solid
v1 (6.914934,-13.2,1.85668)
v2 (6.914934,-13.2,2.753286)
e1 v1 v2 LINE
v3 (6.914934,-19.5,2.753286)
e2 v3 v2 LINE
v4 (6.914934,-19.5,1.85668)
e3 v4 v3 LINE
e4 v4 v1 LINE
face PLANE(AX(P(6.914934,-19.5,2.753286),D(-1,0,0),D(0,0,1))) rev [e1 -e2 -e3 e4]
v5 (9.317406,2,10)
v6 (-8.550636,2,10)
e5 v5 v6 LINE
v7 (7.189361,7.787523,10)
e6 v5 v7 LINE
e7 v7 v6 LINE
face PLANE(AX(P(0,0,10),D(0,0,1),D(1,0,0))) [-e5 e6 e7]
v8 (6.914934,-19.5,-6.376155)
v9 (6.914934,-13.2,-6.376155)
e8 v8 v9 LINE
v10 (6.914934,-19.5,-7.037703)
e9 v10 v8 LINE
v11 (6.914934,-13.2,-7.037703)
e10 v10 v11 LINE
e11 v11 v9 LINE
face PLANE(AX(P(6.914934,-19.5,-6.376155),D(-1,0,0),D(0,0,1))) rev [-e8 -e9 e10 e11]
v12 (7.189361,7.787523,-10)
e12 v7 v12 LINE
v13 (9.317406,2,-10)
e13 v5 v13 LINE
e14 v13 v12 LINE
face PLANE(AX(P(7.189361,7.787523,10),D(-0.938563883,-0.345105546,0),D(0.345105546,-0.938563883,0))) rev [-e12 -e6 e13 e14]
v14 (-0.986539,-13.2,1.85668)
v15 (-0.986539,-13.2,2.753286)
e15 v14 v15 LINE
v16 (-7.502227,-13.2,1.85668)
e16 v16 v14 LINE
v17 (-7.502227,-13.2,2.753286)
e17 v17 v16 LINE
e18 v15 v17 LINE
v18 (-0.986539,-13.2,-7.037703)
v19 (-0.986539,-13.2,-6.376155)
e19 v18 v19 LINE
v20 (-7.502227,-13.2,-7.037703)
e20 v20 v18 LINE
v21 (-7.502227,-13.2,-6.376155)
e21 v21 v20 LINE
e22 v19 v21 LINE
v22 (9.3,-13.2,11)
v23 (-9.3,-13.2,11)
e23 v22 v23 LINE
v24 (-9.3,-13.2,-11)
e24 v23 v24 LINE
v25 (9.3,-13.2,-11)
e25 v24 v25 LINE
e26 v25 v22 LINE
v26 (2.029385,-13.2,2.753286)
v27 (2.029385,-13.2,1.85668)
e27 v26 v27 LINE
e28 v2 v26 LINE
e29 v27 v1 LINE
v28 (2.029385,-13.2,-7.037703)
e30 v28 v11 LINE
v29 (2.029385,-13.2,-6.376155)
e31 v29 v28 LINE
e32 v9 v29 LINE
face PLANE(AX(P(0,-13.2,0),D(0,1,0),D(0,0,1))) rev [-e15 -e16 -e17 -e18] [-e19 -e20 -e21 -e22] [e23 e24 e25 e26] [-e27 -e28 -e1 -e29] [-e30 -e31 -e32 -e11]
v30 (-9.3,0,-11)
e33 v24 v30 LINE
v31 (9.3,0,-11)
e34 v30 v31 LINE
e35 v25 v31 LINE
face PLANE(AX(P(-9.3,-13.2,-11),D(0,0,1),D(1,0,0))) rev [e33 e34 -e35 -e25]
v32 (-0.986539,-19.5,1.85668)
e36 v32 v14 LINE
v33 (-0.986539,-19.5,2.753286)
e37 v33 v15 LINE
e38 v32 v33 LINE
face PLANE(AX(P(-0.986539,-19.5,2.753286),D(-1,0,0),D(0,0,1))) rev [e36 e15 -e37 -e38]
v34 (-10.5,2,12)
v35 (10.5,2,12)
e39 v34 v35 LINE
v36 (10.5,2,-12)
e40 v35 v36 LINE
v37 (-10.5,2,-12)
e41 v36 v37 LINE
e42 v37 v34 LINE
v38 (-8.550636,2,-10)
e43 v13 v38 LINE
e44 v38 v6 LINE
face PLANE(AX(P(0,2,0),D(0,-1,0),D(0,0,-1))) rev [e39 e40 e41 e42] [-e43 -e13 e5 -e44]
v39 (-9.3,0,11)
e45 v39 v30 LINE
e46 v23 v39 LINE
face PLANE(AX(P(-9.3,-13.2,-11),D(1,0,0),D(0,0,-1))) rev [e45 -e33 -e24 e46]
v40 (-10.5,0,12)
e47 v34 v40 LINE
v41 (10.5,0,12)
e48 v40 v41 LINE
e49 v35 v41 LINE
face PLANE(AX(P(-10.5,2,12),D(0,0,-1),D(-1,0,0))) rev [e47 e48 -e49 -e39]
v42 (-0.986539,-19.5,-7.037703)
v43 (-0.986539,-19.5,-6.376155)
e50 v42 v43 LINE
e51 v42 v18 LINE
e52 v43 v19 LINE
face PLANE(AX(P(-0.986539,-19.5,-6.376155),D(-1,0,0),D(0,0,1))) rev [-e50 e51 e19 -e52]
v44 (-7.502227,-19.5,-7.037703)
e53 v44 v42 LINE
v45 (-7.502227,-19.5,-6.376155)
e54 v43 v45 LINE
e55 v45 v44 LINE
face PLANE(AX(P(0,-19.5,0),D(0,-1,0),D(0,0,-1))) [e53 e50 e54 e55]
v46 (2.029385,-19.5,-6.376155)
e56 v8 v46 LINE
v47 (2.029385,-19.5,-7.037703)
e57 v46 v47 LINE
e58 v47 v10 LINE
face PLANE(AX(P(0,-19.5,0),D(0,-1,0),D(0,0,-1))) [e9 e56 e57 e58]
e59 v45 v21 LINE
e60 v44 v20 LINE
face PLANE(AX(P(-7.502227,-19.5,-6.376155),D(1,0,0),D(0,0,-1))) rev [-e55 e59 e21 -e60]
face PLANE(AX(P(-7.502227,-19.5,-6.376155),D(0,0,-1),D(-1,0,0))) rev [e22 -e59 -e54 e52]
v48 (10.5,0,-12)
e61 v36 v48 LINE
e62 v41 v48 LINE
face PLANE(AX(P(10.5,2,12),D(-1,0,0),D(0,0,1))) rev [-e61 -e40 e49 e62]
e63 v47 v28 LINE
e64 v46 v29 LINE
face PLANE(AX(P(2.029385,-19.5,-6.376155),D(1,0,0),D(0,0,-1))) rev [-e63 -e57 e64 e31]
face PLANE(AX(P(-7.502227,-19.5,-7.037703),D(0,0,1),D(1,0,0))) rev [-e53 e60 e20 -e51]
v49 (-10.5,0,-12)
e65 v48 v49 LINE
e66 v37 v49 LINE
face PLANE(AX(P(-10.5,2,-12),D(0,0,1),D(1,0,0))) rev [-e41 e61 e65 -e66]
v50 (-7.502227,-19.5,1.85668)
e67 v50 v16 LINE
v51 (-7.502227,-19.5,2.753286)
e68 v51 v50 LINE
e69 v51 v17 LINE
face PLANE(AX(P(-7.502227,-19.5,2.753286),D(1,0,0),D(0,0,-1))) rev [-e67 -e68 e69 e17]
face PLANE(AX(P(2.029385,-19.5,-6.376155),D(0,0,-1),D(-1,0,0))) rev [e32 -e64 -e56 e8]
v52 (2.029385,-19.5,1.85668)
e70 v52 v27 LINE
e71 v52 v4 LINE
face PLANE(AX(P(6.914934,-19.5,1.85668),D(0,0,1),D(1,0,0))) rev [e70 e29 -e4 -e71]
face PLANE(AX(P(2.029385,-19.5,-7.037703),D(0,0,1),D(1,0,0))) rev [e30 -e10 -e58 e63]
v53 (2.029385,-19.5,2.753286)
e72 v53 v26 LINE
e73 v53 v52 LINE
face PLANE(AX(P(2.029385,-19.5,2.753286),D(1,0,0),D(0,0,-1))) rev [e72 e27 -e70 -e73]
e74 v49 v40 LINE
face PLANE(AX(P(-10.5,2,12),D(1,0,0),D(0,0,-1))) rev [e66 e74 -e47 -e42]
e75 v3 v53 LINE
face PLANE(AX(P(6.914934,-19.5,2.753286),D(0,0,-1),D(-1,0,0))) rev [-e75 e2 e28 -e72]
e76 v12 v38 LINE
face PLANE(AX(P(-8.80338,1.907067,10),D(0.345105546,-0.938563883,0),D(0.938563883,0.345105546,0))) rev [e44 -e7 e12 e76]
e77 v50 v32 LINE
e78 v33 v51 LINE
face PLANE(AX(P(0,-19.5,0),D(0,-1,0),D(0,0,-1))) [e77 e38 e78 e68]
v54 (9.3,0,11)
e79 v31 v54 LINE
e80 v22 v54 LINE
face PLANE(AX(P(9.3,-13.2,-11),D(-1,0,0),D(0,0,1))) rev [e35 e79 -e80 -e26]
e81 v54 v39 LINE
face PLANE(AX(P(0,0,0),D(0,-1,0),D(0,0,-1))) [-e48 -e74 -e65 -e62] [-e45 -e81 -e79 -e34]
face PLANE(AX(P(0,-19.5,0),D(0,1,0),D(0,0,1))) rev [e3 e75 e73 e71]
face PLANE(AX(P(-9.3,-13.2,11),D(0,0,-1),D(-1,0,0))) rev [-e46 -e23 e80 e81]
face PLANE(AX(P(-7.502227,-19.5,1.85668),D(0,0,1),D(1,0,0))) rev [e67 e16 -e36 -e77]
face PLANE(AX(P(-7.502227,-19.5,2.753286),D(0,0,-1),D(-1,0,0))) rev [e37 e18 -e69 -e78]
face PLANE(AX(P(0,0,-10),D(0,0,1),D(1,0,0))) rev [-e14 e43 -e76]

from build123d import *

# Parameters (mm, degrees)
SKETCH1_W           = 21
SKETCH1_H           = 24
BOSS_EXTRUDE1_DEPTH = 2
SKETCH2_W           = 18.6
SKETCH2_H           = 22
BOSS_EXTRUDE2_DEPTH = 13.2
SKETCH3_W           = 4.885548906
SKETCH3_H           = 0.896605201
SKETCH3_H_2         = 0.661547926
SKETCH3_W_2         = 6.515688333
BOSS_EXTRUDE3_DEPTH = 6.3
BOSS_EXTRUDE4_DEPTH = 10


with BuildPart() as part:
    # Sketch1 → Boss-Extrude1 (new body)
    with BuildSketch(Plane(origin=(0, 0, 0), x_dir=(1, 0, 0), z_dir=(0, 1, 0))):
        Rectangle(SKETCH1_W, SKETCH1_H)
    extrude(amount=BOSS_EXTRUDE1_DEPTH)

    # Sketch2 → Boss-Extrude2 (add)
    with BuildSketch(Plane.XZ):
        Rectangle(SKETCH2_W, SKETCH2_H)
    extrude(amount=BOSS_EXTRUDE2_DEPTH)

    # Sketch3 → Boss-Extrude3 (add)
    with BuildSketch(Plane.XZ.offset(13.2)):
        with Locations((4.472159413, 2.304982967)):
            Rectangle(SKETCH3_W, SKETCH3_H)
        with Locations((4.472159413, -6.706929347)):
            Rectangle(SKETCH3_W, SKETCH3_H_2)
        with Locations((-4.244383184, -6.706929347)):
            Rectangle(SKETCH3_W_2, SKETCH3_H_2)
        with Locations((-4.244383184, 2.304982967)):
            Rectangle(SKETCH3_W_2, SKETCH3_H)
    extrude(amount=BOSS_EXTRUDE3_DEPTH)

    # Sketch4 → Boss-Extrude4 (add, symmetric)
    with BuildSketch(Plane.XY):
        Polygon((-8.803379904, 1.907067214), (7.189360766, 7.787523085), (9.380607332, 1.828114693), align=None)
    extrude(amount=BOSS_EXTRUDE4_DEPTH, both=True)


solid = part.part
